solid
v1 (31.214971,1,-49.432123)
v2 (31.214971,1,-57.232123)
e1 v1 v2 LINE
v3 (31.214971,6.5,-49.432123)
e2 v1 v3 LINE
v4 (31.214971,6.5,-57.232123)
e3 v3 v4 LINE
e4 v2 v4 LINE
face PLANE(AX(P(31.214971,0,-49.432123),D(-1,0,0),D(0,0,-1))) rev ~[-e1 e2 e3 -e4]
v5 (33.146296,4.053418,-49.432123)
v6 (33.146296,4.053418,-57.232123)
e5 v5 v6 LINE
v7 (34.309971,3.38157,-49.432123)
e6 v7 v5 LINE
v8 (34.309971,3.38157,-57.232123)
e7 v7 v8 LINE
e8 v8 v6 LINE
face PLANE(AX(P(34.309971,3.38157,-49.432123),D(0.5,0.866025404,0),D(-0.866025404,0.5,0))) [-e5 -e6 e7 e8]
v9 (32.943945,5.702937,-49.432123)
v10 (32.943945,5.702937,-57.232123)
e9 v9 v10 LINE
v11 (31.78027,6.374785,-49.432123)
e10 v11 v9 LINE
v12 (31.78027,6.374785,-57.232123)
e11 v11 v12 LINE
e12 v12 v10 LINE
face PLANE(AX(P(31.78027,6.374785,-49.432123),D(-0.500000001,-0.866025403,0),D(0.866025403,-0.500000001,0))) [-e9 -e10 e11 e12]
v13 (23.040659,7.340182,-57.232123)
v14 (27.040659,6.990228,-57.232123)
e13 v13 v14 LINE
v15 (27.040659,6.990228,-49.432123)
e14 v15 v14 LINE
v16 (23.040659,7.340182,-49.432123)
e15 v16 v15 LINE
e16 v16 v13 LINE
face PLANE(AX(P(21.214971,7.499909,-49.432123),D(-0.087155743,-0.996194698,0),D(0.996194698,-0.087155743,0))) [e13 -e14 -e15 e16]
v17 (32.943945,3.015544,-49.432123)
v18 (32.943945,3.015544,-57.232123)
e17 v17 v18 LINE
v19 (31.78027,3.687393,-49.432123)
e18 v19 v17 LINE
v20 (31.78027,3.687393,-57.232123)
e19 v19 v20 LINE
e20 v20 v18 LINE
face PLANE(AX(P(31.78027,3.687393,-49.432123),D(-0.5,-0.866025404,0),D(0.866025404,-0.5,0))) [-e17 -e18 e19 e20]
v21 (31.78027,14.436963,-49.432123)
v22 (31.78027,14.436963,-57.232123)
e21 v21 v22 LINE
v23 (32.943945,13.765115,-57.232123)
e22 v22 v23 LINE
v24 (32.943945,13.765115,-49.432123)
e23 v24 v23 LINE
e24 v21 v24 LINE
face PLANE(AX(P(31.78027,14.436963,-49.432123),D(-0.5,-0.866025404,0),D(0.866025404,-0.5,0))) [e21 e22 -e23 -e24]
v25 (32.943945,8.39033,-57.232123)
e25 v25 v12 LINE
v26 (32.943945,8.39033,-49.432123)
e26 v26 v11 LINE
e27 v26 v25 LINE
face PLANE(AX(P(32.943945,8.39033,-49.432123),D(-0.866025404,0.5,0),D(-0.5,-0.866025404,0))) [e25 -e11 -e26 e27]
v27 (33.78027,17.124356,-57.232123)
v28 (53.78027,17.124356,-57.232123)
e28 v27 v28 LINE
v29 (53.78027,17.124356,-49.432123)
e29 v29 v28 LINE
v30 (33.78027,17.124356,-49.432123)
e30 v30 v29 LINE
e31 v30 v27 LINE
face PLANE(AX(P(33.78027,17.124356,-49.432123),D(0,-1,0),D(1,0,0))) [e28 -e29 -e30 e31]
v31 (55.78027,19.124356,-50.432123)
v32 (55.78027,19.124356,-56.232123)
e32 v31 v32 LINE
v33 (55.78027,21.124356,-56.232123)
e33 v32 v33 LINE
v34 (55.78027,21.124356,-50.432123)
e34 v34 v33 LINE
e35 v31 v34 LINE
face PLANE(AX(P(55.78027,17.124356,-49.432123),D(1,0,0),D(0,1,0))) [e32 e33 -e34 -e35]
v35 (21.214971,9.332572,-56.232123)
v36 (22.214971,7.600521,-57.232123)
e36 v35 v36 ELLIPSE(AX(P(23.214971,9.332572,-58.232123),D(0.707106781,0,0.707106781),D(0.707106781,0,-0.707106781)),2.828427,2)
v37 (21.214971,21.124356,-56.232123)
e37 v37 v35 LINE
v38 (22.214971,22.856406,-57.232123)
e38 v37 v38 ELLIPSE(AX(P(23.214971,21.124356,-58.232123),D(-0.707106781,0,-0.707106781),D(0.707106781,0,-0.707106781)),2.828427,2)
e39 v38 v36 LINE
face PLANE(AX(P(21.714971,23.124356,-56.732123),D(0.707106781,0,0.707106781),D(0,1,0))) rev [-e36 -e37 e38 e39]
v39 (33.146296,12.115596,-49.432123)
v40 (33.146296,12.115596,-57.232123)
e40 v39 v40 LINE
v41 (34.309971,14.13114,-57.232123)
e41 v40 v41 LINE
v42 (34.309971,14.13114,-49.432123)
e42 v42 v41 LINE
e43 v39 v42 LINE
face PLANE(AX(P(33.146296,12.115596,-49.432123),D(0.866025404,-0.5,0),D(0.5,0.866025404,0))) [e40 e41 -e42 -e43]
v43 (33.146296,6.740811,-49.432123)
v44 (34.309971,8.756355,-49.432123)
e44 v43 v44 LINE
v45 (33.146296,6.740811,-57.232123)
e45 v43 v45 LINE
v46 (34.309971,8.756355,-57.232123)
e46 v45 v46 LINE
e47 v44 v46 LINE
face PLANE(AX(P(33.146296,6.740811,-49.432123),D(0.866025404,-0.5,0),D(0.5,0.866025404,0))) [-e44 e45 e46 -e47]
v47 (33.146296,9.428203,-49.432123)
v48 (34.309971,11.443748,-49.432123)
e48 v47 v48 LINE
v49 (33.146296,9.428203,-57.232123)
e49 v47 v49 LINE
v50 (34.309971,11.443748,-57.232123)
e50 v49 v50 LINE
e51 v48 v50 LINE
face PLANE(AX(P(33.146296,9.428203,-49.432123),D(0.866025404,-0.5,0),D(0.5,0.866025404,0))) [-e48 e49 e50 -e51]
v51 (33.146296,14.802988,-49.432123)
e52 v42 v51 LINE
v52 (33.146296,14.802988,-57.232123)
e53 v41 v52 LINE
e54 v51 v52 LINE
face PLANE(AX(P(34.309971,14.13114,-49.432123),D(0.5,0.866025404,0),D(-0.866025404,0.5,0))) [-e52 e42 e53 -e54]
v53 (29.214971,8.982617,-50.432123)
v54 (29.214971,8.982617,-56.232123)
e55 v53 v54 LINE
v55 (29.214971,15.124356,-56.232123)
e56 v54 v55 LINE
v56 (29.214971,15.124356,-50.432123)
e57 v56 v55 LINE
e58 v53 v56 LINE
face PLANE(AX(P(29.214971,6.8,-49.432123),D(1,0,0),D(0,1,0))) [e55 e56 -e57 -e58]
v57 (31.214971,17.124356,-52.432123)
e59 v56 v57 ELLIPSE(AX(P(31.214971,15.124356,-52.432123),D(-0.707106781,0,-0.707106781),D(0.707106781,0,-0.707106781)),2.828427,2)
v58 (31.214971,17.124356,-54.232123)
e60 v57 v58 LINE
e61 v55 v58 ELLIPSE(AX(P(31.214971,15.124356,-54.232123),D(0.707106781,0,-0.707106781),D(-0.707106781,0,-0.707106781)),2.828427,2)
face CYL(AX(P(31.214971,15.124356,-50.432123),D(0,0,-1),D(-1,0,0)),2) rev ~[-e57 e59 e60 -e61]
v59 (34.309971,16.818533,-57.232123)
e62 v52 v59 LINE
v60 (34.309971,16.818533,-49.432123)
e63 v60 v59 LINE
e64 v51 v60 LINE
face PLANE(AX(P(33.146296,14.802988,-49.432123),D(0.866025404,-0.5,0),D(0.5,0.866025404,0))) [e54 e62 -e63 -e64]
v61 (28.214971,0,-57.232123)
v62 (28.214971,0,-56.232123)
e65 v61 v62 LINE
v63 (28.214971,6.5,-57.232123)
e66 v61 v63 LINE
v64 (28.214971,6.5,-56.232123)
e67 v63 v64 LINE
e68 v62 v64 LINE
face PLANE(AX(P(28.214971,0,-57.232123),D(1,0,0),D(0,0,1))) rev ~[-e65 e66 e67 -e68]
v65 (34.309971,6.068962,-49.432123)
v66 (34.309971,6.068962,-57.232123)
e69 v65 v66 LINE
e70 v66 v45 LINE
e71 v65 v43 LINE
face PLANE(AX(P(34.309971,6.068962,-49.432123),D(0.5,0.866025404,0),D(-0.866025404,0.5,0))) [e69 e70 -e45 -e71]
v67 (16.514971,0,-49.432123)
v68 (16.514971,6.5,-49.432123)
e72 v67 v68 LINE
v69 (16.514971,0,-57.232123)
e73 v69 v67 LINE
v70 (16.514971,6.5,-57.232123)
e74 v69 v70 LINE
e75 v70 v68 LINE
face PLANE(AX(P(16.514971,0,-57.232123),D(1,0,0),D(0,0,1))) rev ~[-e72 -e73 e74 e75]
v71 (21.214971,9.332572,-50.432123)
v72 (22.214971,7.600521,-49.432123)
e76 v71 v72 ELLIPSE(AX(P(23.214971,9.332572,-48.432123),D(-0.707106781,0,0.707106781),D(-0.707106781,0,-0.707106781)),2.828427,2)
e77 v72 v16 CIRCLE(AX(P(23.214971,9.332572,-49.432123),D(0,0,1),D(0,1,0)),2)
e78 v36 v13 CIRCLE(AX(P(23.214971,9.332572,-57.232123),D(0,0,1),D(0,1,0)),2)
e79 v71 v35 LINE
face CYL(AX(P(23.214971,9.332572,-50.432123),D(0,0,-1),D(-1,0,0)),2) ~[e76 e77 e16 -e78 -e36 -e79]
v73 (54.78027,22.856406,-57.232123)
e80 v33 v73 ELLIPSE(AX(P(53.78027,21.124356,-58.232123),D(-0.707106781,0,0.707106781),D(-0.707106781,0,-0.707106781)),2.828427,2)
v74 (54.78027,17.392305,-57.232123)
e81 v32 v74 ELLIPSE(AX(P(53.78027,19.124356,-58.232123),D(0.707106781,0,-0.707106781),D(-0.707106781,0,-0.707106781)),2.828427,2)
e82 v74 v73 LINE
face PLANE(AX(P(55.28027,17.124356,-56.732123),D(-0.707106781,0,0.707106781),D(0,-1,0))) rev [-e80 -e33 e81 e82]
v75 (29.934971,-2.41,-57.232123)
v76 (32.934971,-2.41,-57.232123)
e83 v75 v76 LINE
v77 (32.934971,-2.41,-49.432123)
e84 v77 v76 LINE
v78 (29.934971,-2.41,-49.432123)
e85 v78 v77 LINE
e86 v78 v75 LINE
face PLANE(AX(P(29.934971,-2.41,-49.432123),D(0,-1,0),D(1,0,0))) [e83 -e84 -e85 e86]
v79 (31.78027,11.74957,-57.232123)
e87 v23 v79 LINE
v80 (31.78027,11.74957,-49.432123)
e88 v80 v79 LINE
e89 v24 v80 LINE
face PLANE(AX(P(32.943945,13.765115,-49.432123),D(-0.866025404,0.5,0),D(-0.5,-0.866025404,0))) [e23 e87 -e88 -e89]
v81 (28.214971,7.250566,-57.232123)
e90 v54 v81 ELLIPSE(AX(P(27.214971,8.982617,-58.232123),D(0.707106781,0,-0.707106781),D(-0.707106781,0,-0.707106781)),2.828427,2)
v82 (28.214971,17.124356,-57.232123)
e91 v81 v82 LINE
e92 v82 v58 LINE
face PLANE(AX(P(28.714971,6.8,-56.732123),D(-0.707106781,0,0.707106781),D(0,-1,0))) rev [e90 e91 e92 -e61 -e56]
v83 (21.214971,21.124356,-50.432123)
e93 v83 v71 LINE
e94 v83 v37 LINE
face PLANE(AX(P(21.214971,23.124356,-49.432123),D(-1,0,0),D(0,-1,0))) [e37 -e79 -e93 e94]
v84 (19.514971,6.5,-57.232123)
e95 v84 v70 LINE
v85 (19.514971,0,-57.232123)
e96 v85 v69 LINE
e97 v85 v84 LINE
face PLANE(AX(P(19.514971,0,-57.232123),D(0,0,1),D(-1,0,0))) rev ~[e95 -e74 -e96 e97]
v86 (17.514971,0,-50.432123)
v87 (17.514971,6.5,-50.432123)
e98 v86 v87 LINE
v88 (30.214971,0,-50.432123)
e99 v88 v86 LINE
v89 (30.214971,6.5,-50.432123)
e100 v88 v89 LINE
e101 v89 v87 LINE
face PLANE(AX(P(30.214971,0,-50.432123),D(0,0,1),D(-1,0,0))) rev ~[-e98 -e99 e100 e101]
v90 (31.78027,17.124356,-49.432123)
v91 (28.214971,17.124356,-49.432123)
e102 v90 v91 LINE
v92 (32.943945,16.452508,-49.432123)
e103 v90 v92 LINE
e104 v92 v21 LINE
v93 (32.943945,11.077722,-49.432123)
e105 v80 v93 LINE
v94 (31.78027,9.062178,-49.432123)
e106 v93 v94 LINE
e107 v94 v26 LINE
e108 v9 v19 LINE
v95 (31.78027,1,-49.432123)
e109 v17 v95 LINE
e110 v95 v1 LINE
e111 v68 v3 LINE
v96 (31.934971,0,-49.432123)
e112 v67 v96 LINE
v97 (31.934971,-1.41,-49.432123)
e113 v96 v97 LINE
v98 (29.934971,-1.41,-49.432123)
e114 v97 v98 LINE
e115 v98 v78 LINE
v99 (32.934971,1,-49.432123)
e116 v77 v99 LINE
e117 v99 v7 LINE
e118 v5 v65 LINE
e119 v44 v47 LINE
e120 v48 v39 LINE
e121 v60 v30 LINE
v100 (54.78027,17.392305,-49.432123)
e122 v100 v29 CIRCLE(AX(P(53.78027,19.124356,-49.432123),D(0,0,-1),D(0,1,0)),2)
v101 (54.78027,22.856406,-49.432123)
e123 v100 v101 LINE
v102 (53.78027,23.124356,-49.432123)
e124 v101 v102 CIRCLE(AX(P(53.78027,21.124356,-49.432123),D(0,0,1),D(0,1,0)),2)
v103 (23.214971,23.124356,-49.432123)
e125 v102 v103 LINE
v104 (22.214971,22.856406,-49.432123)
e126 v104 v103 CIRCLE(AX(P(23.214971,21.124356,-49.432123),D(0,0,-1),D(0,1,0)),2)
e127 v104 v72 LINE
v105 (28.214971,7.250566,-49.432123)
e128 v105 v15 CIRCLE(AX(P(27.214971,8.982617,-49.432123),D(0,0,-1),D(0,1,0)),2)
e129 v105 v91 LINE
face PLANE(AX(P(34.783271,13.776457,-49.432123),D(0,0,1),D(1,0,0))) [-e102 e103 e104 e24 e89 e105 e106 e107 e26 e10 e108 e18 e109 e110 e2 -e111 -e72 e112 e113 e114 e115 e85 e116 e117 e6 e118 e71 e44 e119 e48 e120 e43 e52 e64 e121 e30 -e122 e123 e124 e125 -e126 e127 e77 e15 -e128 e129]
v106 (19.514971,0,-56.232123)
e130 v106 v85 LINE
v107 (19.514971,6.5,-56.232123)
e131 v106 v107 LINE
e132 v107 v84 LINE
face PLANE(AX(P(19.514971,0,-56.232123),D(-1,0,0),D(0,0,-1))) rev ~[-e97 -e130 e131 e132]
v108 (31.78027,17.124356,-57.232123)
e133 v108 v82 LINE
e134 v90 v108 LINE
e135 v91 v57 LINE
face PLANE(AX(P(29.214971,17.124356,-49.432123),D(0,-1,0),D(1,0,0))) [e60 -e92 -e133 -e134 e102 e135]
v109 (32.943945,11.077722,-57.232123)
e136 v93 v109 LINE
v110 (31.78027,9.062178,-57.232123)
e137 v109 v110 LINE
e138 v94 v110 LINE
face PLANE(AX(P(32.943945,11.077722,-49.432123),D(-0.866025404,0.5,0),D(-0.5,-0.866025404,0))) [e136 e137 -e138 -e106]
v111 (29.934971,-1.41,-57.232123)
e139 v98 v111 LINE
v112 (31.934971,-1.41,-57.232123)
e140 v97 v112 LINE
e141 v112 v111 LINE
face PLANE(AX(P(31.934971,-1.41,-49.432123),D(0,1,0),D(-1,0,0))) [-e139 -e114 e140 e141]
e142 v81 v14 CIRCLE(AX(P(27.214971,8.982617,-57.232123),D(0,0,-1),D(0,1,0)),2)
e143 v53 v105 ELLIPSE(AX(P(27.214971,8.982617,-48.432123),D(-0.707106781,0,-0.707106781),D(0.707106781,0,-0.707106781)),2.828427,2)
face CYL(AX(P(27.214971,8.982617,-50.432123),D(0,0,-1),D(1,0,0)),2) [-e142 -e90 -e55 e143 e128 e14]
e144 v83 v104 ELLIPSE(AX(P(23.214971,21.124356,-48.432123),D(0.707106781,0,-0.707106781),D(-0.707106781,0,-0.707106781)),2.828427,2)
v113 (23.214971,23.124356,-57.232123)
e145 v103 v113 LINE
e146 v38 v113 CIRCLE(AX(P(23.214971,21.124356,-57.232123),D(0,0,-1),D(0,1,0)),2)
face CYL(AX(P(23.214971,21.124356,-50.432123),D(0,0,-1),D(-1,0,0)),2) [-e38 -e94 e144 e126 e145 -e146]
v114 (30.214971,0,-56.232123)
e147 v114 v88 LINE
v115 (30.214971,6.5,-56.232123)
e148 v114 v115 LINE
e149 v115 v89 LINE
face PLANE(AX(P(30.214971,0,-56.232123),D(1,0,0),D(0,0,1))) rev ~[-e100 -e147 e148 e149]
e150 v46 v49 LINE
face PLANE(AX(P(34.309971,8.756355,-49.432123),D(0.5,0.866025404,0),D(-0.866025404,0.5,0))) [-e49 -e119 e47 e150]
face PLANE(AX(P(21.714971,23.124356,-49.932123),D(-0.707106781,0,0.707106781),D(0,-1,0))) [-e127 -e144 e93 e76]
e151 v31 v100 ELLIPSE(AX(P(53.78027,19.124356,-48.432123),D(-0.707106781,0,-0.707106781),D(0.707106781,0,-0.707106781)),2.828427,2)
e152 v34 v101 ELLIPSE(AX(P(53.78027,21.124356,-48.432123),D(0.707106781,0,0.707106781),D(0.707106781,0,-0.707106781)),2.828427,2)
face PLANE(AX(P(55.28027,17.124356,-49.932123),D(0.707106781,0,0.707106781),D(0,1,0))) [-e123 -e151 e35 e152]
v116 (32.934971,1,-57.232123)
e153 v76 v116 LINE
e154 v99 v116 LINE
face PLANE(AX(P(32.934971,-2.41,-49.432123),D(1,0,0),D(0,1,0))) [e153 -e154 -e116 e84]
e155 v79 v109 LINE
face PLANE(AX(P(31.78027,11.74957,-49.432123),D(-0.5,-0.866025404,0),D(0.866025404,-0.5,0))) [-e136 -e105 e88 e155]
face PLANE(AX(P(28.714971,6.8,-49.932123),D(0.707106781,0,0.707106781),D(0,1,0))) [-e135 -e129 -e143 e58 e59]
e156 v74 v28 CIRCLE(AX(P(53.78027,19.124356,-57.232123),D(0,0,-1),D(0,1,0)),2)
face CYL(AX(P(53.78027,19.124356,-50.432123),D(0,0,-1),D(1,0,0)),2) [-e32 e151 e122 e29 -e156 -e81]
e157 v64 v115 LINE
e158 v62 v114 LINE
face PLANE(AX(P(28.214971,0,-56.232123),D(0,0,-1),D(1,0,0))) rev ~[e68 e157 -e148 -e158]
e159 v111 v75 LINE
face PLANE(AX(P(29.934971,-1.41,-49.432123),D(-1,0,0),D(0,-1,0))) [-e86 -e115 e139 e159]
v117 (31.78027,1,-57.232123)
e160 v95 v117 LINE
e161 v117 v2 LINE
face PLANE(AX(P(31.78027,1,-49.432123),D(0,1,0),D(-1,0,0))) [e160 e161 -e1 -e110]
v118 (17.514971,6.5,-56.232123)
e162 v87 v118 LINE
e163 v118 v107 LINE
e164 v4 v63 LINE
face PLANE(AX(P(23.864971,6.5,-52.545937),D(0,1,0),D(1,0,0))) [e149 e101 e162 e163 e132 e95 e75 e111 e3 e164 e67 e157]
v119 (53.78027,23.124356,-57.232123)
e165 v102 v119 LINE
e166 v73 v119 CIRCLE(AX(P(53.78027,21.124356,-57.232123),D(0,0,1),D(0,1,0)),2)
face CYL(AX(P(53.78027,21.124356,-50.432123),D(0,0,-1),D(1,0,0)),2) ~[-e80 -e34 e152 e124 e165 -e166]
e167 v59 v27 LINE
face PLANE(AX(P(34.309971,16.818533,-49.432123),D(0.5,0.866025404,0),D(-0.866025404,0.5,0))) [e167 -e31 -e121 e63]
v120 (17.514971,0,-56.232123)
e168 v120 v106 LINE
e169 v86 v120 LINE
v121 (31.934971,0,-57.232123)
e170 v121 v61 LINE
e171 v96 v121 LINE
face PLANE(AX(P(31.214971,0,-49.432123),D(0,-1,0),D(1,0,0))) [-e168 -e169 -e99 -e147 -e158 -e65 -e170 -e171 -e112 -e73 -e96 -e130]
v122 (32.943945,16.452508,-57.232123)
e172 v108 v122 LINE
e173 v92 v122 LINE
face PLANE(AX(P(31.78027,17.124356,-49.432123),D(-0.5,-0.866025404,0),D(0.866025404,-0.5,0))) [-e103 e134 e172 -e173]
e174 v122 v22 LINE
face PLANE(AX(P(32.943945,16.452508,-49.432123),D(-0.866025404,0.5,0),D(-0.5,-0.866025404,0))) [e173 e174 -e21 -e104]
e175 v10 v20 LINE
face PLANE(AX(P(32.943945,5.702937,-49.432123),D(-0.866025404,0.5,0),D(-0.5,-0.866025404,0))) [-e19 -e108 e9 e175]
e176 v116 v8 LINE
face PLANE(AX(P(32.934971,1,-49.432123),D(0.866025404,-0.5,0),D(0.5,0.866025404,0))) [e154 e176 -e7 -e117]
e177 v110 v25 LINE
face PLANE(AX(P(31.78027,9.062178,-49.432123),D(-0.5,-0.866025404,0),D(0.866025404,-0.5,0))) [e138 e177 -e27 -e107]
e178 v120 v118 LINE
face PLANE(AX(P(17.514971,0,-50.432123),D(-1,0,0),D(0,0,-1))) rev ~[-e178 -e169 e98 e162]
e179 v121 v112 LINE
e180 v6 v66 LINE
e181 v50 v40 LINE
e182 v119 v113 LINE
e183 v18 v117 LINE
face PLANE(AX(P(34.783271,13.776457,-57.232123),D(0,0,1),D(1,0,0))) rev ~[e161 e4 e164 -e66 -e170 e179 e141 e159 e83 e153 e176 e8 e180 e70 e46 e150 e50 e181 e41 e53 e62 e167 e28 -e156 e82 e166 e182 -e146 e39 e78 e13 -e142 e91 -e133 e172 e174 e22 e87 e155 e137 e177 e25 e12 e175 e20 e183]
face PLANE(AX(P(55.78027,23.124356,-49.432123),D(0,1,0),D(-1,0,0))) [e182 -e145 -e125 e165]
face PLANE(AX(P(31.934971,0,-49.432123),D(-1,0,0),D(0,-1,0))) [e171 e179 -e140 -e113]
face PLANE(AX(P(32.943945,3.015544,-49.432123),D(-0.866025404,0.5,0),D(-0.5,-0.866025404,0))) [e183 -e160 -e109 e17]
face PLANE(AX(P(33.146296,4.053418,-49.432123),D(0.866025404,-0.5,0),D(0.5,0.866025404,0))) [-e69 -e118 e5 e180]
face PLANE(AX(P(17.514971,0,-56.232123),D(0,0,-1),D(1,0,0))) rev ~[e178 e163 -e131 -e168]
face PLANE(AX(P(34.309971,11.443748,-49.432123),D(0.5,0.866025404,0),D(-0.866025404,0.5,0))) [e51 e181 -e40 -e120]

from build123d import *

# Parameters (mm, degrees)
BOSS_EXTRUDE3_DEPTH = 6.5
BOSS_EXTRUDE4_DEPTH = 7.8
CHAMFER1_SIZE       = 1
FILLET1_R           = 2


with BuildPart() as part:
    # Sketch2 → Boss-Extrude3 (new body)
    with BuildSketch(Plane(origin=(0, 0, 0), x_dir=(1, 0, 0), z_dir=(0, 1, 0))):
        Polygon((30.214970749, 56.232123089), (30.214970749, 50.432123089), (17.514970749, 50.432123089), (17.514970749, 56.232123089), (19.514970749, 56.232123089), (19.514970749, 57.232123089), (16.514970749, 57.232123089), (16.514970749, 49.432123089), (31.214970749, 49.432123089), (31.214970749, 57.232123089), (28.214970749, 57.232123089), (28.214970749, 56.232123089), align=None)
    extrude(amount=BOSS_EXTRUDE3_DEPTH)

    # Sketch1 → Boss-Extrude4 (add)
    with BuildSketch(Plane(origin=(-49.432123089, 0, -49.432123089), x_dir=(1, 0, 0), z_dir=(0, 0, 1))):
        Polygon((82.376068434, 3.015544457), (81.2123933, 1), (80.647093838, 1), (80.647093838, 0), (81.367093838, 0), (81.367093838, -1.41), (79.367093838, -1.41), (79.367093838, -2.41), (82.367093838, -2.41), (82.367093838, 1), (83.742093838, 3.38156986), (82.578418703, 4.053418013), (83.742093838, 6.068962469), (82.578418703, 6.740810621), (83.742093838, 8.756355078), (82.578418703, 9.42820323), (83.742093838, 11.443747687), (82.578418703, 12.115595839), (83.742093838, 14.131140296), (82.578418703, 14.802988448), (83.742093838, 16.818532905), (83.2123933, 17.124355653), (105.2123933, 17.124355653), (105.2123933, 23.124355653), (70.647093838, 23.124355653), (70.647093838, 7.499909308), (78.647093838, 6.8), (78.647093838, 17.124355653), (81.2123933, 17.124355653), (82.376068434, 16.452507501), (81.2123933, 14.436963044), (82.376068434, 13.765114892), (81.2123933, 11.749570435), (82.376068434, 11.077722283), (81.2123933, 9.062177826), (82.376068434, 8.390329674), (81.2123933, 6.374785218), (82.376068434, 5.702937065), (81.2123933, 3.687392609), align=None)
    extrude(amount=-BOSS_EXTRUDE4_DEPTH)

    # Chamfer1
    chamfer1_edges = [part.edges().sort_by_distance(p)[0] for p in [
        (29.214970749, 11.962177826, -49.432123089),
        (21.214970749, 15.312132481, -49.432123089),
        (55.780270211, 20.124355653, -49.432123089),
        (29.214970749, 11.962177826, -57.232123089),
        (21.214970749, 15.312132481, -57.232123089),
        (55.780270211, 20.124355653, -57.232123089),
    ]]
    chamfer(chamfer1_edges, length=CHAMFER1_SIZE)

    # Fillet1
    fillet1_edges = [part.edges().sort_by_distance(p)[0] for p in [
        (29.214970749, 6.8, -53.332123089),
        (29.214970749, 17.124355653, -53.332123089),
        (21.214970749, 7.499909308, -53.332123089),
        (21.214970749, 23.124355653, -53.332123089),
        (55.780270211, 17.124355653, -53.332123089),
        (55.780270211, 23.124355653, -53.332123089),
    ]]
    fillet(fillet1_edges, radius=FILLET1_R)


solid = part.part
